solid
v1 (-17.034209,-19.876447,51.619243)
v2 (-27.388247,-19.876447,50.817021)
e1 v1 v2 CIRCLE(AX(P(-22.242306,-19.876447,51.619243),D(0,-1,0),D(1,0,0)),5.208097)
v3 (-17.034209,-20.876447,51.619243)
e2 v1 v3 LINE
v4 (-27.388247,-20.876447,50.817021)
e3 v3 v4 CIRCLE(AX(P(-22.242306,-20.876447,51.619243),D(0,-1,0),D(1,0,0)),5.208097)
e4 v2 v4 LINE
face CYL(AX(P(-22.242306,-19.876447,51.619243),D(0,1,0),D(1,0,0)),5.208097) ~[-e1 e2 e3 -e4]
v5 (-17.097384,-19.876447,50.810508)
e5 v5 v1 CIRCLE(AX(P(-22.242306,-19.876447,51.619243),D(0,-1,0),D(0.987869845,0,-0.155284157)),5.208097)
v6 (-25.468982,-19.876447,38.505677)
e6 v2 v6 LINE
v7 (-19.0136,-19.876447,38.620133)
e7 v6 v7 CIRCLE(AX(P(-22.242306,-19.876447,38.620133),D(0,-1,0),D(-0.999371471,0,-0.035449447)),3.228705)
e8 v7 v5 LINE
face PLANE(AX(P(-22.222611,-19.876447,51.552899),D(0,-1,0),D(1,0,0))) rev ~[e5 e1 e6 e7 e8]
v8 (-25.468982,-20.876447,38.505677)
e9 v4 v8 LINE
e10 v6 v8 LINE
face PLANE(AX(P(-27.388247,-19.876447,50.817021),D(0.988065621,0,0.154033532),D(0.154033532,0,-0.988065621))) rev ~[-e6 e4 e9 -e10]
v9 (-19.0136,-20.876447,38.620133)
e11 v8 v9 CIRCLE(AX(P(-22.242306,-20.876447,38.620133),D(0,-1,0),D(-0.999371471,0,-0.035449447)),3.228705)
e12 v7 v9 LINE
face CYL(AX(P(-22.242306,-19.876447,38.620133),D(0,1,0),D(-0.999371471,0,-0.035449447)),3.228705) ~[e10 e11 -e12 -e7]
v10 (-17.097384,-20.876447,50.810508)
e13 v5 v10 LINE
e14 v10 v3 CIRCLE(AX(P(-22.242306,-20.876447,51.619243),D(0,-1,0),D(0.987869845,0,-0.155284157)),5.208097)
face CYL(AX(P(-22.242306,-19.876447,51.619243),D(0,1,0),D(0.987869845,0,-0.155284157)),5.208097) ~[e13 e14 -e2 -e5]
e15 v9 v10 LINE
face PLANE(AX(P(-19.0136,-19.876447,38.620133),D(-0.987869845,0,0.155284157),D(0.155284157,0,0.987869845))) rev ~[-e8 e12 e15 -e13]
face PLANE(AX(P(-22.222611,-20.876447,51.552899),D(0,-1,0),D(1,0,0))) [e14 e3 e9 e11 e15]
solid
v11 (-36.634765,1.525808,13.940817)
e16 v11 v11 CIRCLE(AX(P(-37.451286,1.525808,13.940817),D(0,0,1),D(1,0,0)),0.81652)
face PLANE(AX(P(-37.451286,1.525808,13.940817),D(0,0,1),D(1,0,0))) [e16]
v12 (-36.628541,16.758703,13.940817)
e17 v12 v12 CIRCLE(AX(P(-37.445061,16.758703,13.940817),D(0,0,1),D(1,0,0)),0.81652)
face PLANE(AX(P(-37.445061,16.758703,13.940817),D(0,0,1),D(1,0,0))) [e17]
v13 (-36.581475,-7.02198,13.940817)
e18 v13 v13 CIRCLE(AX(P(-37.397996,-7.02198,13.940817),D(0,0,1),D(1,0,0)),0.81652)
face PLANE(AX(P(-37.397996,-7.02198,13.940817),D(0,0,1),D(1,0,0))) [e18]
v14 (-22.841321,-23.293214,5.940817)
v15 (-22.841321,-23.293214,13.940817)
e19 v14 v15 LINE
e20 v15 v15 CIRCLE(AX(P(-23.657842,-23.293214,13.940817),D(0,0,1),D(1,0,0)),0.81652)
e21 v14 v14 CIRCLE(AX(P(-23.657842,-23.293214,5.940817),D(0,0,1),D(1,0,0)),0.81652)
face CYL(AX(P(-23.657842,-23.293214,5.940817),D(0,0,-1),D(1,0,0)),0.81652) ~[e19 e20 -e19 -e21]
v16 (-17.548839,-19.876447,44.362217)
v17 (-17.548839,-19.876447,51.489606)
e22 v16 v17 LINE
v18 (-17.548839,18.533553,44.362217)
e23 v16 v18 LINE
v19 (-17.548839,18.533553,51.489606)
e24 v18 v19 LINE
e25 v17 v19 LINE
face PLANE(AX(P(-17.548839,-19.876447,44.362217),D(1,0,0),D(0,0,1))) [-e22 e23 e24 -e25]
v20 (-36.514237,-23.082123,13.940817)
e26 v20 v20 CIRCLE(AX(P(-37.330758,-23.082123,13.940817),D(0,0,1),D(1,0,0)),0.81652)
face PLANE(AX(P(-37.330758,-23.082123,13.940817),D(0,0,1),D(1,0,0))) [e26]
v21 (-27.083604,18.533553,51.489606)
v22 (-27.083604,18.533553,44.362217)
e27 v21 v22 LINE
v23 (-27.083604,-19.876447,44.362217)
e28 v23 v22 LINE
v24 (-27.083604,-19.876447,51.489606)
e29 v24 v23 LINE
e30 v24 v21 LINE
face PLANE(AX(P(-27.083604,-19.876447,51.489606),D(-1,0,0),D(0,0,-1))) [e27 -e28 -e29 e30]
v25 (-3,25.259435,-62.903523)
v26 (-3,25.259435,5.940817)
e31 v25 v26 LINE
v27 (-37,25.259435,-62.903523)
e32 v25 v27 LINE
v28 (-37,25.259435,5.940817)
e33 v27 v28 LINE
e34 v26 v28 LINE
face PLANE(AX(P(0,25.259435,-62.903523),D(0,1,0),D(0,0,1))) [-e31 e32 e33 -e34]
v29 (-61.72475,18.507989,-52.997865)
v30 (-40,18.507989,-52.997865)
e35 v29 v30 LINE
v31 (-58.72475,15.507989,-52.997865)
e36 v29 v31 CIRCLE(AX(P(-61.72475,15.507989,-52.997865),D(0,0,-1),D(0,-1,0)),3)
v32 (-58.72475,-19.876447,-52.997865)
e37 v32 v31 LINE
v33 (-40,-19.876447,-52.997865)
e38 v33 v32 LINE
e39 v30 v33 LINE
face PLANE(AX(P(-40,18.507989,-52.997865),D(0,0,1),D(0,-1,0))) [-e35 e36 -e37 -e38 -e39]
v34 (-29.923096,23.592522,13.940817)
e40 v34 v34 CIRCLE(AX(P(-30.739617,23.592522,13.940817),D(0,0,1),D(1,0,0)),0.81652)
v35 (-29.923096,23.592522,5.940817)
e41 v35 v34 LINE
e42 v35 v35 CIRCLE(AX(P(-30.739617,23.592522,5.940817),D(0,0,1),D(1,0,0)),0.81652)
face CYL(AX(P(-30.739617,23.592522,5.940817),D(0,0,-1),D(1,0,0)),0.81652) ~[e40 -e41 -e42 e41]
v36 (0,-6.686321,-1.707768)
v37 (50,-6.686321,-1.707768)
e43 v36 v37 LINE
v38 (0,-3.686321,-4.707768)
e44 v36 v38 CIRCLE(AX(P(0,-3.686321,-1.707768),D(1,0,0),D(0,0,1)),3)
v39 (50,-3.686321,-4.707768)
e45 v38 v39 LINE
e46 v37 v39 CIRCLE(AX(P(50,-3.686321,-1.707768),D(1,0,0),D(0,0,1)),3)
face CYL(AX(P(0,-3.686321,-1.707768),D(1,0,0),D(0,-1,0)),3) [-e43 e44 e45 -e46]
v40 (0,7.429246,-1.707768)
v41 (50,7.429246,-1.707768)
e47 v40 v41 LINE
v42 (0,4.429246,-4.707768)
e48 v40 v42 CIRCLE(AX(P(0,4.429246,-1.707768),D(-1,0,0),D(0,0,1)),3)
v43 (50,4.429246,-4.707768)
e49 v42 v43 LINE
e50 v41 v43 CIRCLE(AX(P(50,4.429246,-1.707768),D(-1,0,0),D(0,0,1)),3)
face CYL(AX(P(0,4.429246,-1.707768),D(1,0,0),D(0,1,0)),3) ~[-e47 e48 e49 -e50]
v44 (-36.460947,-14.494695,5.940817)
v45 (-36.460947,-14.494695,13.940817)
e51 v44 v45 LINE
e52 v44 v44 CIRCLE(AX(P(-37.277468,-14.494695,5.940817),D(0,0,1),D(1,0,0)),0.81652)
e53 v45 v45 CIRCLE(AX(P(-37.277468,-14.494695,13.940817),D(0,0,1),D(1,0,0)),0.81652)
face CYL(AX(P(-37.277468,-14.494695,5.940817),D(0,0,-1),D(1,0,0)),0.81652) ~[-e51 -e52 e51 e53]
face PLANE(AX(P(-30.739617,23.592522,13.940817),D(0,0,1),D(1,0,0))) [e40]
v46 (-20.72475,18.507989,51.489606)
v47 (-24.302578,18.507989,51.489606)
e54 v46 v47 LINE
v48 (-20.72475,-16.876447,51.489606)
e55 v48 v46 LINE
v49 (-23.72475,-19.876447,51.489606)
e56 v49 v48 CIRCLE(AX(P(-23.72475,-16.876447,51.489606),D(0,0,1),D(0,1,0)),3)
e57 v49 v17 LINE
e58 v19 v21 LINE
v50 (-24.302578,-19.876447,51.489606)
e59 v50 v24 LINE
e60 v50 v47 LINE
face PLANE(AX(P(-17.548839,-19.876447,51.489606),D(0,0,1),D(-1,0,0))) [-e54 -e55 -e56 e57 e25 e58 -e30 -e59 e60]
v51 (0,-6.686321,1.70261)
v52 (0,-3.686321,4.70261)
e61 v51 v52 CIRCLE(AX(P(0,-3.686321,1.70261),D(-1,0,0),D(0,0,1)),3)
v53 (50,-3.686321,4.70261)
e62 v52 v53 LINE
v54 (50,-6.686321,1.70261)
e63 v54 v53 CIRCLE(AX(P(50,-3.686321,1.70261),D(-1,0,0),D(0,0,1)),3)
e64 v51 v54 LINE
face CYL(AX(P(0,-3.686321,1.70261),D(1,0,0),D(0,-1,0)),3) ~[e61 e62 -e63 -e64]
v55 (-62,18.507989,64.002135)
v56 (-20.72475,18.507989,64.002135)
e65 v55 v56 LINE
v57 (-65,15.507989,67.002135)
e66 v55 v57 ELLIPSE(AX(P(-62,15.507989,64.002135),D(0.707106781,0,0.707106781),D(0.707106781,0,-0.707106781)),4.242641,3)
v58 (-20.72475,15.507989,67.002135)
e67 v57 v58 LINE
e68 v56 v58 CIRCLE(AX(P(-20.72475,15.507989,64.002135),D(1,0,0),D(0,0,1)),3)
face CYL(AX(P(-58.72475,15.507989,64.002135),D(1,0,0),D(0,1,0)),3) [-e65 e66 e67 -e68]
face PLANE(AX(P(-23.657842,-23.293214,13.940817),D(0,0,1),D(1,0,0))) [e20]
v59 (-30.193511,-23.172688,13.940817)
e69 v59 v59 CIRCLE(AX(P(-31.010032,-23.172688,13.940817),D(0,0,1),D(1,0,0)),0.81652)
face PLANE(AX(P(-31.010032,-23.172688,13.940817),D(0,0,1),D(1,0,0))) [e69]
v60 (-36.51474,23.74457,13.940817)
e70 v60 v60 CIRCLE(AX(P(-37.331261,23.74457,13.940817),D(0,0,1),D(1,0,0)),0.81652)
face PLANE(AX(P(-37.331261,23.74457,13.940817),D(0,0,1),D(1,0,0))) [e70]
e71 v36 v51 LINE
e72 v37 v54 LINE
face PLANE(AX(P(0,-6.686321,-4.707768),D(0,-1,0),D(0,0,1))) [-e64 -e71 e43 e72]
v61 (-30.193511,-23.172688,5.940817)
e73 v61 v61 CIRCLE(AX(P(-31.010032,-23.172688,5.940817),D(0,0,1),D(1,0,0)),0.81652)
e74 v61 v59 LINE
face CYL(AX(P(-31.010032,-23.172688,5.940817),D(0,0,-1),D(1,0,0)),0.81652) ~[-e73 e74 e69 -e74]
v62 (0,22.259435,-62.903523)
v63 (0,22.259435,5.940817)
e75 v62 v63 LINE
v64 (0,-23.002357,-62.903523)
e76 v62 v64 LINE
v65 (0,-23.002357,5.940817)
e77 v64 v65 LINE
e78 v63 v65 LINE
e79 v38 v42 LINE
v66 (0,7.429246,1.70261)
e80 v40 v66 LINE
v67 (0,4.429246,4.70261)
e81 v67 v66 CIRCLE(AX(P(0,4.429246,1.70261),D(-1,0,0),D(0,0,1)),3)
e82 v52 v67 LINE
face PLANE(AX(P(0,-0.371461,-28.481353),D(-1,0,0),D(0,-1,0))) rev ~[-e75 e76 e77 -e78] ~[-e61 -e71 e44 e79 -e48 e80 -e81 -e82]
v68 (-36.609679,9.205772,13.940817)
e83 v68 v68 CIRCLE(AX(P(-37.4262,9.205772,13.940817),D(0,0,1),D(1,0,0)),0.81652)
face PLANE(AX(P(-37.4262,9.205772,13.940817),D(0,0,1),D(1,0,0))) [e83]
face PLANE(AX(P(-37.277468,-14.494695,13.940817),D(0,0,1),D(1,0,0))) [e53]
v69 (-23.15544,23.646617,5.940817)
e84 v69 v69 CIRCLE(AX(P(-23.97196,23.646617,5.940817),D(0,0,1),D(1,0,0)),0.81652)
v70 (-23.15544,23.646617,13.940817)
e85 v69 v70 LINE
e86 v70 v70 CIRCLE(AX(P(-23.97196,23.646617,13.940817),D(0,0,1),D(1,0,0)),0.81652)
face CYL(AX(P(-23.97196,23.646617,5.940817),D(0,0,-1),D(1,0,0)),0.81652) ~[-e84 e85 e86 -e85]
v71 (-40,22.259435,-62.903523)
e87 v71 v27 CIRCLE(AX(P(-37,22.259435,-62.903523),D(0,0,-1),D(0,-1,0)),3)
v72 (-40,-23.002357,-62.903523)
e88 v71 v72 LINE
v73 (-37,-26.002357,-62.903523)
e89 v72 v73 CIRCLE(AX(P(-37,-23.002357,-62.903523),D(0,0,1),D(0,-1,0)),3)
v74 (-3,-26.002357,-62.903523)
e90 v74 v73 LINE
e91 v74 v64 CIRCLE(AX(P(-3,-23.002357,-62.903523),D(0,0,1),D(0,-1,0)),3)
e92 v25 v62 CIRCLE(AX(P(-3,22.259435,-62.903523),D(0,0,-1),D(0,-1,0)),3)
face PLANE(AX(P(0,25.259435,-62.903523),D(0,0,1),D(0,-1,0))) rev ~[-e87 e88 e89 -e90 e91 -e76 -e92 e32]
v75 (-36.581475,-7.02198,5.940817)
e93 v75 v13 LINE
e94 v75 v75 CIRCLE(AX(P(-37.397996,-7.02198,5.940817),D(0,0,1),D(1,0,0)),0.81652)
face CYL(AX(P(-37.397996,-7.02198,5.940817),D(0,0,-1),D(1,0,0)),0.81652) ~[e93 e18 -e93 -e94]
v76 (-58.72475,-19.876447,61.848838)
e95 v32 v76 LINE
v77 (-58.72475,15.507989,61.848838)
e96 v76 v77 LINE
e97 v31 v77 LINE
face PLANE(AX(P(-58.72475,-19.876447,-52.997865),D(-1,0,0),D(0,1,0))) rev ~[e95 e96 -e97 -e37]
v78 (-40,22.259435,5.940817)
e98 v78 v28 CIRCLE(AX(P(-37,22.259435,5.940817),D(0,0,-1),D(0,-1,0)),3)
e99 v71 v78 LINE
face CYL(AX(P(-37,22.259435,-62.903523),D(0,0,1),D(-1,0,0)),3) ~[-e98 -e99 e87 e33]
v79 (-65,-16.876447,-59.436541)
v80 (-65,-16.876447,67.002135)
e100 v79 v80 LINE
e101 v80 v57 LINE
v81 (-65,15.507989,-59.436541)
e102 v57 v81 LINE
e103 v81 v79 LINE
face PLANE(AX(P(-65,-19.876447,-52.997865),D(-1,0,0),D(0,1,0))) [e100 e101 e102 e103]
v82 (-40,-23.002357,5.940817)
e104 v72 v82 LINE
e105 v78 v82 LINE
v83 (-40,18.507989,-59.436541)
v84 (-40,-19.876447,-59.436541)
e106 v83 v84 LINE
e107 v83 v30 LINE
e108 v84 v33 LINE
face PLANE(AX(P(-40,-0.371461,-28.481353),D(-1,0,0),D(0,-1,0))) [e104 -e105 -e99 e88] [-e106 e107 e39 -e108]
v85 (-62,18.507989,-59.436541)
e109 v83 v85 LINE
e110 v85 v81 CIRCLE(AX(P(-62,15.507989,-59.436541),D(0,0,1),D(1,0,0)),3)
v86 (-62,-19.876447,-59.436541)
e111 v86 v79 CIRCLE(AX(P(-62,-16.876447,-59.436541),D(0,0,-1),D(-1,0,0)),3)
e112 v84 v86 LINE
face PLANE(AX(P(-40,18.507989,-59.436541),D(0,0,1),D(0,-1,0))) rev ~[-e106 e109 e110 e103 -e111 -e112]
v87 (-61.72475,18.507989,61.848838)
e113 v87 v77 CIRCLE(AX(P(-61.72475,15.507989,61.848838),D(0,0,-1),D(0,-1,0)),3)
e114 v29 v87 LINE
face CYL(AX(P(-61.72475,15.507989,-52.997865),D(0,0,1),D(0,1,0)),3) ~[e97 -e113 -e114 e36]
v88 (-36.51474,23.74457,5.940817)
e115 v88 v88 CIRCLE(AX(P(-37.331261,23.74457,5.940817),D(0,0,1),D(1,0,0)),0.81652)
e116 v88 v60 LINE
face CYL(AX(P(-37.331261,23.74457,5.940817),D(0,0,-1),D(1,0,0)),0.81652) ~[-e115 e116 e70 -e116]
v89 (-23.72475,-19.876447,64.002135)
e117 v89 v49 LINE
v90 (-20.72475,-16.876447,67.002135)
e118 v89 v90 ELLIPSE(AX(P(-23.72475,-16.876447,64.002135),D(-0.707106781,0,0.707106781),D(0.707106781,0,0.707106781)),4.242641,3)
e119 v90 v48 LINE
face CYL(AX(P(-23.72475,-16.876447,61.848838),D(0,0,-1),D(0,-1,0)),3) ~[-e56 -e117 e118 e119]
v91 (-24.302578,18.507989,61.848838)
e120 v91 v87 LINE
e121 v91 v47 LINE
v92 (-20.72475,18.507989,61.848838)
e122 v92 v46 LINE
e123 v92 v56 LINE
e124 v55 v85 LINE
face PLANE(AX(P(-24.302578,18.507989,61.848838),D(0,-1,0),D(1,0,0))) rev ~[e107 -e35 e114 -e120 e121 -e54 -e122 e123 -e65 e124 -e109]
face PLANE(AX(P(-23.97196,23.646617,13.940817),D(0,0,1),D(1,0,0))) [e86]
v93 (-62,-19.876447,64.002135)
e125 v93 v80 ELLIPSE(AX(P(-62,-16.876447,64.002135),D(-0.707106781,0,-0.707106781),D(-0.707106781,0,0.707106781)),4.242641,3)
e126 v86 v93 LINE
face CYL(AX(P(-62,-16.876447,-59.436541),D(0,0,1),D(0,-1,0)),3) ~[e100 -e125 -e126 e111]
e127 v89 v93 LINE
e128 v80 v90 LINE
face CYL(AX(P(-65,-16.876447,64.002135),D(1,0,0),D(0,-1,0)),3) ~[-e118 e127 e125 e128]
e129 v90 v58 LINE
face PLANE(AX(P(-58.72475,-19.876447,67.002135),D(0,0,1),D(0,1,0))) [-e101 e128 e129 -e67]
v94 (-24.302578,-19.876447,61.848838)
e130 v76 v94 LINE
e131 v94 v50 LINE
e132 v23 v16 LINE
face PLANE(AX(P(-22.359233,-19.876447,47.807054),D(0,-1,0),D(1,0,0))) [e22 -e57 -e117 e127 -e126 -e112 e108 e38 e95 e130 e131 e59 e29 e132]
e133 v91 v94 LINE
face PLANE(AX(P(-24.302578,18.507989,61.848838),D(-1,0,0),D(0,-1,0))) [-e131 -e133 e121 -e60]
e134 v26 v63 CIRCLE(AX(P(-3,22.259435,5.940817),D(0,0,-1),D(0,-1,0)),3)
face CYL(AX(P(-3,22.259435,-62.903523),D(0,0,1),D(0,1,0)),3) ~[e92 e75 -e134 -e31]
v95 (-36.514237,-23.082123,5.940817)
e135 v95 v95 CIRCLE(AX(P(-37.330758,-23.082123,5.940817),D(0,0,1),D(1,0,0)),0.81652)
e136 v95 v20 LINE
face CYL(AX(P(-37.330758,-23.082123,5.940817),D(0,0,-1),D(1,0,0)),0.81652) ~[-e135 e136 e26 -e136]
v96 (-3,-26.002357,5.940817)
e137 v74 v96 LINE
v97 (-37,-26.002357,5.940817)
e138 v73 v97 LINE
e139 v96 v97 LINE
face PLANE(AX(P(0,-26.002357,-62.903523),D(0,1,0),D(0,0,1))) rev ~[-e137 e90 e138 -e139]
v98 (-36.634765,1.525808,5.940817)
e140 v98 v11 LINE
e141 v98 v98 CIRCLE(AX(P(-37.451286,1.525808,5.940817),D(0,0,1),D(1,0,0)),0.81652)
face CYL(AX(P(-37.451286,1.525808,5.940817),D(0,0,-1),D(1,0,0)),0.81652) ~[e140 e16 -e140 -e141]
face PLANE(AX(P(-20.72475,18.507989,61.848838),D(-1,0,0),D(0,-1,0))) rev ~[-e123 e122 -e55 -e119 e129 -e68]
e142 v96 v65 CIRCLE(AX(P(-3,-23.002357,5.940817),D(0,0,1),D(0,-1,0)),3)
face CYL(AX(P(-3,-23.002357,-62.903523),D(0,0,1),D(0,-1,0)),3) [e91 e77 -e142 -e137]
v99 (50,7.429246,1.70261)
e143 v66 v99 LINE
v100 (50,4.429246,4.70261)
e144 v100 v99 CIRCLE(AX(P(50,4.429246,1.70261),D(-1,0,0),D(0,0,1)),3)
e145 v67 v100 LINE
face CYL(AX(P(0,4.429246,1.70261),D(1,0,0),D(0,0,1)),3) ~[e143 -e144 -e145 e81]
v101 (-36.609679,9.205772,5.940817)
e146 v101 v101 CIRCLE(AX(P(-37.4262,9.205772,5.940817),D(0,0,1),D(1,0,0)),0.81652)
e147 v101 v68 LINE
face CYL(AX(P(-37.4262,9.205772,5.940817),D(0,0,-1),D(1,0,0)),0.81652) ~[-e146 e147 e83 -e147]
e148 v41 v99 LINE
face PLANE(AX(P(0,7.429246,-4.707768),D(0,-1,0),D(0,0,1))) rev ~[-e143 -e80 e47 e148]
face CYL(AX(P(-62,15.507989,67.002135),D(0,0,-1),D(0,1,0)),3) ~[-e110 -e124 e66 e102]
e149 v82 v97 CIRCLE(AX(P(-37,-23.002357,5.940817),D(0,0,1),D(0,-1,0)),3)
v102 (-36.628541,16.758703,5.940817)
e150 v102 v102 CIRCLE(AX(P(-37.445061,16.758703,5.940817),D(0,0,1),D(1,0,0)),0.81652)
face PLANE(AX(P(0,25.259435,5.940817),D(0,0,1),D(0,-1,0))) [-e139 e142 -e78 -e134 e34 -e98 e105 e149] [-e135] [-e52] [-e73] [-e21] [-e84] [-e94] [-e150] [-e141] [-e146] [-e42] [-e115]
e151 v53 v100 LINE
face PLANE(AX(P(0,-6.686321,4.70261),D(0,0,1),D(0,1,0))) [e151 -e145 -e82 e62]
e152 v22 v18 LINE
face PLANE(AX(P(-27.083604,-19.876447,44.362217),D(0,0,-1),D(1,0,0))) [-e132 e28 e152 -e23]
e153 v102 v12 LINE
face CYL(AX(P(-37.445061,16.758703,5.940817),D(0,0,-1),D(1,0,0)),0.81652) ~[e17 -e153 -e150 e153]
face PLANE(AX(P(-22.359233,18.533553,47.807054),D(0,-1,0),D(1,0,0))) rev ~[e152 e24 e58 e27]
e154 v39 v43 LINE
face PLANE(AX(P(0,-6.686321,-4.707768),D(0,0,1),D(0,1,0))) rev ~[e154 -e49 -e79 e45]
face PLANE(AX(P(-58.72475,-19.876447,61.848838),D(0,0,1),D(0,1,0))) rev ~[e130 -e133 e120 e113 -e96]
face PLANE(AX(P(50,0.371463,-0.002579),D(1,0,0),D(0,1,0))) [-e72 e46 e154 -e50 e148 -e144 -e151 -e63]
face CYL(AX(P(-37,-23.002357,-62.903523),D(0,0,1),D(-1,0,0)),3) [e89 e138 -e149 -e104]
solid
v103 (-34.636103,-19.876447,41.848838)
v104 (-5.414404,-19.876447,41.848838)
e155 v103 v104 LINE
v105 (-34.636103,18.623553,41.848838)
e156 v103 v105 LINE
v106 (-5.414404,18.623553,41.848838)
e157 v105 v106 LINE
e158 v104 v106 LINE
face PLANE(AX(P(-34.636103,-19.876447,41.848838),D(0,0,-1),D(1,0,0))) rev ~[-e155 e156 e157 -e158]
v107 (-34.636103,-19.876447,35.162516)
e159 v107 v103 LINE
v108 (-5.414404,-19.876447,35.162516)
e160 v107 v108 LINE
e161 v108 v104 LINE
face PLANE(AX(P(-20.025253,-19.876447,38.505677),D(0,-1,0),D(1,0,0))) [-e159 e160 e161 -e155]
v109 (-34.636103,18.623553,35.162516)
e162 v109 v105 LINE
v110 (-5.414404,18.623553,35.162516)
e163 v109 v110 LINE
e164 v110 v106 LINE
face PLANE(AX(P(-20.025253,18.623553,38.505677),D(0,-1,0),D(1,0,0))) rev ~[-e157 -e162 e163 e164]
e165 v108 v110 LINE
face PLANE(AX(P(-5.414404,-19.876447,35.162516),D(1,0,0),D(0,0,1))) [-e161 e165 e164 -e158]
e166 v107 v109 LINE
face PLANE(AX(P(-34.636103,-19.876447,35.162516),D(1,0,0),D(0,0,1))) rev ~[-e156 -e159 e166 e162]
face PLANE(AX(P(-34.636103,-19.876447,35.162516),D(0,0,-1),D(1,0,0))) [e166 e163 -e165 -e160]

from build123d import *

# Parameters (mm, degrees)
F0_W      = 14.1155663878
F0_H      = 9.4103775918
F1_DEPTH  = 50
F2_W      = 51.2617919594
F2_H      = 68.8443407416
F3_DEPTH  = 40
F4_W      = 38.3844356984
F4_H      = 6.4386762679
F5_DEPTH  = 25
F6_W      = 6.2752501667
F6_H      = 38.3844356984
F7_DEPTH  = 120
F8_W      = 38.3844356984
F8_H      = 5.1532968879
F9_DEPTH  = 38
F10_W     = 3.5778277665
F10_H     = 38.3844356984
F11_DEPTH = 15
F12_W     = 3.5778277665
F12_H     = 4.6407681704
F13_DEPTH = 38.41
F14_W     = 29.2216986418
F14_H     = 6.686322391
F15_DEPTH = 38.5
F16_R     = 0.8165203792
F17_DEPTH = 8
F19_DEPTH = 1
F20_R     = 3


with BuildPart() as f1:
    # F0 (on Right) → F1 (new body)
    with BuildSketch(Plane.YZ):
        with Locations((0.3714626655, -0.0025788322)):
            Rectangle(F0_W, F0_H)
    extrude(amount=F1_DEPTH)

    # F2 (on face) → F3 (join)
    with BuildSketch(Plane(origin=(0, 0, 0), x_dir=(0, -1, 0), z_dir=(-1, 0, 0))):
        with Locations((0.3714608029, -28.4813530743)):
            Rectangle(F2_W, F2_H)
    extrude(amount=F3_DEPTH)

    # F4 (on face) → F5 (join)
    with BuildSketch(Plane(origin=(-40, 0, 0), x_dir=(0, -1, 0), z_dir=(-1, 0, 0))):
        with Locations((0.6842287257, -56.2172029167)):
            Rectangle(F4_W, F4_H)
    extrude(amount=F5_DEPTH)

    # F6 (on face) → F7 (join)
    with BuildSketch(Plane.XY.offset(-52.9978647828)):
        with Locations((-61.8623749167, -0.6842287257)):
            Rectangle(F6_W, F6_H)
    extrude(amount=F7_DEPTH)

    # F8 (on face) → F9 (join)
    with BuildSketch(Plane.YZ.offset(-58.7247498333)):
        with Locations((-0.6842287257, 64.4254867733)):
            Rectangle(F8_W, F8_H)
    extrude(amount=F9_DEPTH)

    # F10 (on face) → F11 (join)
    with BuildSketch(Plane(origin=(0, 0, 61.8488383293), x_dir=(1, 0, 0), z_dir=(0, 0, -1))):
        with Locations((-22.5136637166, 0.6842287257)):
            Rectangle(F10_W, F10_H)
    extrude(amount=F11_DEPTH)

    # F12 (on face) → F13 (join)
    with BuildSketch(Plane.XZ.offset(19.8764465749)):
        Polygon((-24.3025775999, 51.4896064997), (-27.0836036652, 51.4896064997), (-27.0836036652, 44.3622171879), (-17.5488386303, 44.3622171879), (-17.5488386303, 51.4896064997), (-20.7247498333, 51.4896064997), (-20.7247498333, 46.8488383293), (-24.3025775999, 46.8488383293), align=None)
        with Locations((-22.5136637166, 49.1692224145)):
            Rectangle(F12_W, F12_H)
    extrude(amount=-F13_DEPTH)

    # F16 (on face) → F17 (join)
    with BuildSketch(Plane.XY.offset(5.9408172965)):
        with Locations((-37.3312607408, 23.7445700914)):
            Circle(F16_R)
        with Locations((-30.7396166027, 23.5925223678)):
            Circle(F16_R)
        with Locations((-23.9719599485, 23.6466173083)):
            Circle(F16_R)
        with Locations((-37.4450609088, 16.7587026954)):
            Circle(F16_R)
        with Locations((-37.426199764, 9.2057716101)):
            Circle(F16_R)
        with Locations((-37.4512858689, 1.5258083586)):
            Circle(F16_R)
        with Locations((-37.3307578266, -23.0821233708)):
            Circle(F16_R)
        with Locations((-37.3979955912, -7.0219798945)):
            Circle(F16_R)
        with Locations((-37.2774675488, -14.4946947694)):
            Circle(F16_R)
        with Locations((-31.0100317001, -23.1726877391)):
            Circle(F16_R)
        with Locations((-23.6578416079, -23.2932139188)):
            Circle(F16_R)
    extrude(amount=F17_DEPTH)

    # F20
    f20_edges = [f1.edges().sort_by_distance(p)[0] for p in [
        (-65, -19.876447, 3.782797),
        (-42.862375, -19.876447, 67.002135),
        (-20.72475, -19.876447, 59.245871),
        (-40, -26.002357, -28.481353),
        (25, -6.686321, 4.70261),
        (25, -6.686321, -4.707768),
        (25, 7.429246, -4.707768),
        (25, 7.429246, 4.70261),
        (-40, 25.259435, -28.481353),
        (0, 25.259435, -28.481353),
        (0, -26.002357, -28.481353),
        (-58.72475, 18.507989, 4.425487),
        (-42.862375, 18.507989, 67.002135),
        (-65, 18.507989, 3.782797),
    ]]
    fillet(f20_edges, radius=F20_R)


with BuildPart() as f15:
    # F14 (on face) → F15 (new body)
    with BuildSketch(Plane.XZ.offset(19.8764465749)):
        with Locations((-20.0252532959, 38.5056771338)):
            Rectangle(F14_W, F14_H)
    extrude(amount=-F15_DEPTH)


with BuildPart() as f19:
    # F18 (on face) → F19 (new body)
    with BuildSketch(Plane.XZ.offset(19.8764465749)):
        with BuildLine():
            ThreePointArc((-17.0973843084, 50.8105079987), (-17.0500270651, 51.2136435714), (-17.03420929, 51.6192428768))
            ThreePointArc((-17.03420929, 51.6192428768), (-22.6446186845, 56.8117772873), (-27.3882469123, 50.8170213778))
            ThreePointArc((-27.3882469123, 50.8170213778), (-22.2456021518, 46.4111474096), (-17.0973843084, 50.8105079987))
        make_face()
        with BuildLine():
            ThreePointArc((-17.0973843084, 50.8105079987), (-22.2456021518, 46.4111474096), (-27.3882469123, 50.8170213778))
            Line((-27.3882469123, 50.8170213778), (-25.4689818412, 38.5056771338))
            ThreePointArc((-25.4689818412, 38.5056771338), (-22.2995427044, 41.8483309556), (-19.0136004239, 38.6201329529))
            Line((-19.0136004239, 38.6201329529), (-17.0973843084, 50.8105079987))
        make_face()
        with BuildLine():
            ThreePointArc((-19.0136004239, 38.6201329529), (-22.2995427044, 41.8483309556), (-25.4689818412, 38.5056771338))
            ThreePointArc((-25.4689818412, 38.5056771338), (-22.1850688963, 35.3919349503), (-19.0136004239, 38.6201329529))
        make_face()
    extrude(amount=F19_DEPTH)


solid = Compound([f1.part, f15.part, f19.part])
